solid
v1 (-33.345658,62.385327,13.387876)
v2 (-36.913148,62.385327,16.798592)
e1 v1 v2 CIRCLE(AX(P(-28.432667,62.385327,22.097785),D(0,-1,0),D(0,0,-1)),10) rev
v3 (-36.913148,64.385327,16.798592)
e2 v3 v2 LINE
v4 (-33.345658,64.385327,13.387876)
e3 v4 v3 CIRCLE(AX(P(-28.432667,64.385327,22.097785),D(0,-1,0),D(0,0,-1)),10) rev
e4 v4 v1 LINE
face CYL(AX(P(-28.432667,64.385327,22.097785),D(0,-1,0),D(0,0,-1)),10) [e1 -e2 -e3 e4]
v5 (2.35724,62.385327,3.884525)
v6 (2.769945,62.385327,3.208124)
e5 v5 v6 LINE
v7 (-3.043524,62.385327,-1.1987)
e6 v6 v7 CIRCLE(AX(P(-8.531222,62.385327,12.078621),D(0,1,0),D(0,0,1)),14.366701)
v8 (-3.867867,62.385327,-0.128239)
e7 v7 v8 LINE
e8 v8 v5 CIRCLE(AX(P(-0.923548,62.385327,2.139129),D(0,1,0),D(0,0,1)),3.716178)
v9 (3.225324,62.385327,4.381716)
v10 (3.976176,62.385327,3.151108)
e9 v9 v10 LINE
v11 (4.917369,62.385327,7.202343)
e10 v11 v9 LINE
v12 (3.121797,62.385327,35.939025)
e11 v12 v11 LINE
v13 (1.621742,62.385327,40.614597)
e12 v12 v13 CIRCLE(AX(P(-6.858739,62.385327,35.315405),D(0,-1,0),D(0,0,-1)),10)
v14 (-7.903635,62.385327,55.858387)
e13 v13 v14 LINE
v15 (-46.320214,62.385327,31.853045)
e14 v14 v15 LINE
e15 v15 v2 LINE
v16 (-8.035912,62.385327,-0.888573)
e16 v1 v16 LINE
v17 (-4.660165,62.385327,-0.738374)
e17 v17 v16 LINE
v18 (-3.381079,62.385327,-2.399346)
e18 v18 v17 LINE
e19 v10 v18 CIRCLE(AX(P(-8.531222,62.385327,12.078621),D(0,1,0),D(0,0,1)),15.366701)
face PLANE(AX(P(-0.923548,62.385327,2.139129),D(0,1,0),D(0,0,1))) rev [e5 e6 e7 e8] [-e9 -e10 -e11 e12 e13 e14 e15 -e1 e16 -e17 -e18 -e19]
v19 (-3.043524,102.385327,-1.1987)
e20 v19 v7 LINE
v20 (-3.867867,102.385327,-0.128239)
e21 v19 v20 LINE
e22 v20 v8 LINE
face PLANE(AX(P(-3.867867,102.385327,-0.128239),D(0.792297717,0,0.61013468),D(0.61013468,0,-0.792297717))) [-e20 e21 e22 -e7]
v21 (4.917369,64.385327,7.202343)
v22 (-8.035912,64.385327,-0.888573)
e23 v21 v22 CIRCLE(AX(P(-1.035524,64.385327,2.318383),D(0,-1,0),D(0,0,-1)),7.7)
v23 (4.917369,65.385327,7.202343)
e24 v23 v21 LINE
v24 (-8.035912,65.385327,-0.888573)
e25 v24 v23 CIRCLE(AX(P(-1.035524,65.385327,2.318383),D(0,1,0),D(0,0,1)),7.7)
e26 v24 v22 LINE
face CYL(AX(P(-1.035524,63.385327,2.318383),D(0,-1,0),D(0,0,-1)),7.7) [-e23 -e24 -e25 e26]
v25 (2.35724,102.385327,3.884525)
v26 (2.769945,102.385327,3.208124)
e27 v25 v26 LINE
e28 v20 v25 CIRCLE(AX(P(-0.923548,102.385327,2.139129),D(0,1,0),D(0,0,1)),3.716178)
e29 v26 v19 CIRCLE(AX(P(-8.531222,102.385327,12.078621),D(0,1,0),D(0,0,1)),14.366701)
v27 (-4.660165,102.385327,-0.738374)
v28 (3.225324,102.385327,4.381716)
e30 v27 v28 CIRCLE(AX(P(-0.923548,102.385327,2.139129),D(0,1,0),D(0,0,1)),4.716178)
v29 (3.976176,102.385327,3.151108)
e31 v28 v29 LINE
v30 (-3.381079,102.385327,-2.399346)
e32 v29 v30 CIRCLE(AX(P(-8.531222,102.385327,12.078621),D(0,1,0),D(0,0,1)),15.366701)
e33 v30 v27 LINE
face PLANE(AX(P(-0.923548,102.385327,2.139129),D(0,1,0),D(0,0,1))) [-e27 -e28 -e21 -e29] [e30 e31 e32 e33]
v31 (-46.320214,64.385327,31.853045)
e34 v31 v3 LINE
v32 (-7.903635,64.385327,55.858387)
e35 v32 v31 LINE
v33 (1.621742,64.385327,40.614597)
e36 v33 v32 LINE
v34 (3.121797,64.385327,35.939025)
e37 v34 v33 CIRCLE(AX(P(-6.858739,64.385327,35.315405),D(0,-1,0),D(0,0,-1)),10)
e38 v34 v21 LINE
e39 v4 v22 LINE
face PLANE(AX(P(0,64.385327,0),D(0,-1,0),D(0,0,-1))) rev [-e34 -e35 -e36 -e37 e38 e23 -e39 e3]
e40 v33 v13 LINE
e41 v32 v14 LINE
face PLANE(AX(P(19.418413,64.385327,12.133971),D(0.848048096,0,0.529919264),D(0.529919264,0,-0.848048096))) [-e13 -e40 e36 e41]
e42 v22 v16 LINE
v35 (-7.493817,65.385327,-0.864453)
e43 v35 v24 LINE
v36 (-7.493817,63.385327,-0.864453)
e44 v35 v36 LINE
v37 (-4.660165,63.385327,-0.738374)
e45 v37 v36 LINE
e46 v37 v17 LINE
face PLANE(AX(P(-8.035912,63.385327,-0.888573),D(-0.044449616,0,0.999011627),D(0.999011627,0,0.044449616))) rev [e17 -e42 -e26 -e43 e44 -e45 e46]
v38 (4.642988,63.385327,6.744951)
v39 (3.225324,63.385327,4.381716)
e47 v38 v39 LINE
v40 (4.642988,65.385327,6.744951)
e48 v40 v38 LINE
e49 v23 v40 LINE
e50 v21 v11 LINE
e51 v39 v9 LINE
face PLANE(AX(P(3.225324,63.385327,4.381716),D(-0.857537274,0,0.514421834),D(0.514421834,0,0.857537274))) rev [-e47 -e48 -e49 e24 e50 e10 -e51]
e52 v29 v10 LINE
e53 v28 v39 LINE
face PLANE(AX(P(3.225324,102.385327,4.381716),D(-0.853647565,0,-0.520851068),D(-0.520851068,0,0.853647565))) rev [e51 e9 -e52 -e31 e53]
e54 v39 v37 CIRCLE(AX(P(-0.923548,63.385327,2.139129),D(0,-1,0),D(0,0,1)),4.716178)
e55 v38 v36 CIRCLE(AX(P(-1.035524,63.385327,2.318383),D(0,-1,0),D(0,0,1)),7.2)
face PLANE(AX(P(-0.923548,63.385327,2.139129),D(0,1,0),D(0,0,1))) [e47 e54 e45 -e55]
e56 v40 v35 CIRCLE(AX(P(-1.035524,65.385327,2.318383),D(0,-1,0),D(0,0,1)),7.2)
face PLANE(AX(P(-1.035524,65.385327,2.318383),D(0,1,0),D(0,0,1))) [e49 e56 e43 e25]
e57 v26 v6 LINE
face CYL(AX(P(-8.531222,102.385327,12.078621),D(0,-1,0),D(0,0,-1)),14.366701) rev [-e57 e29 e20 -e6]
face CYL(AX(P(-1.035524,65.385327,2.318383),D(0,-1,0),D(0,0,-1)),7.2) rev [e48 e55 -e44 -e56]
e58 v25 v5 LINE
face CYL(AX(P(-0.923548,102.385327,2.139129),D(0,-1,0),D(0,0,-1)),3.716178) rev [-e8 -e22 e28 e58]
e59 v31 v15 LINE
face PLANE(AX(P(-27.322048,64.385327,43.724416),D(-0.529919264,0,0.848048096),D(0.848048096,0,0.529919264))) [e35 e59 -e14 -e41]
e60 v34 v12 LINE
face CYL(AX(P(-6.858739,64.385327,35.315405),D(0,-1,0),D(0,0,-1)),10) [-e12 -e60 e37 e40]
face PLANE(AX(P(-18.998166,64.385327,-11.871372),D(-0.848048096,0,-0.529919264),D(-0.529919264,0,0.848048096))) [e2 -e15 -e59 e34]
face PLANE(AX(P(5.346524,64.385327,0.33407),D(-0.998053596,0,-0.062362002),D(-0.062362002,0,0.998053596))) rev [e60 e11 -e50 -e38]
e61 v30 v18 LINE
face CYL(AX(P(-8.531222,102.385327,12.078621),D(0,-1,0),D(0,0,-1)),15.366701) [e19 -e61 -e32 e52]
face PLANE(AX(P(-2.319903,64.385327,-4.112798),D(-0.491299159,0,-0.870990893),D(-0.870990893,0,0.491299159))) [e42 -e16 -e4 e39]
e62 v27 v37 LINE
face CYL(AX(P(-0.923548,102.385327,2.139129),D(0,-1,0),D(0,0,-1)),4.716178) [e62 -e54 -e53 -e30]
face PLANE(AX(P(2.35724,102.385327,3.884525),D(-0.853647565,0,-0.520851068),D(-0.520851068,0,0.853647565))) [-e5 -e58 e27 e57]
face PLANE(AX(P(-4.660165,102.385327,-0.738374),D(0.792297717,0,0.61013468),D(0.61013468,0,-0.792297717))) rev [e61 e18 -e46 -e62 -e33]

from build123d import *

# Parameters (mm, degrees)
SALIENTE_EXTRUIR3_DEPTH = 1
SALIENTE_EXTRUIR4_DEPTH = 2
SALIENTE_EXTRUIR5_DEPTH = 40
SALIENTE_EXTRUIR6_DEPTH = 2


with BuildPart() as part:
    # Croquis3 → Saliente-Extruir3 (new body)
    with BuildSketch(Plane(origin=(0, 62.385327456, 0), x_dir=(1, 0, 0), z_dir=(0, 1, 0))):
        with BuildLine():
            Line((-8.035911824, 0.88857317), (-4.660164738, 0.738374056))
            ThreePointArc((-4.660164738, 0.738374056), (-3.491878014, -6.094633439), (3.225323709, -4.38171595))
            Line((3.225323709, -4.38171595), (4.917369229, -7.202342932))
            ThreePointArc((4.917369229, -7.202342932), (-5.114744648, -8.849076594), (-8.035911824, 0.88857317))
        make_face()
    extrude(amount=SALIENTE_EXTRUIR3_DEPTH)

    # Croquis4 → Saliente-Extruir4 (add)
    with BuildSketch(Plane(origin=(0, 63.385327456, 0), x_dir=(1, 0, 0), z_dir=(0, 1, 0))):
        with BuildLine():
            Line((4.917369229, -7.202342932), (4.642987805, -6.74495119))
            ThreePointArc((4.642987805, -6.74495119), (-4.860151229, -8.418565495), (-7.493817117, 0.864453429))
            Line((-7.493817117, 0.864453429), (-8.035911824, 0.88857317))
            ThreePointArc((-8.035911824, 0.88857317), (-5.114744648, -8.849076594), (4.917369229, -7.202342932))
        make_face()
    extrude(amount=SALIENTE_EXTRUIR4_DEPTH)

    # Croquis1 → Saliente-Extruir5 (add)
    with BuildSketch(Plane(origin=(0, 62.385327456, 0), x_dir=(1, 0, 0), z_dir=(0, 1, 0))):
        with BuildLine():
            Line((-4.660164738, 0.738374056), (-3.38107943, 2.399345645))
            ThreePointArc((-3.38107943, 2.399345645), (0.723456308, 0.1886696), (3.976176138, -3.151108223))
            Line((3.976176138, -3.151108223), (3.225323709, -4.38171595))
            ThreePointArc((3.225323709, -4.38171595), (-3.491878014, -6.094633439), (-4.660164738, 0.738374056))
        make_face()
        with BuildLine():
            Line((-3.867867022, 0.128239376), (-3.043523867, 1.19870008))
            ThreePointArc((-3.043523867, 1.19870008), (0.147575108, -0.629578738), (2.769944661, -3.208123684))
            Line((2.769944661, -3.208123684), (2.357240199, -3.884524638))
            ThreePointArc((2.357240199, -3.884524638), (-2.936970885, -5.262605721), (-3.867867022, 0.128239376))
        make_face(mode=Mode.SUBTRACT)
    extrude(amount=SALIENTE_EXTRUIR5_DEPTH)

    # Croquis8 → Saliente-Extruir6 (add)
    with BuildSketch(Plane.XZ.offset(-62.385327456)):
        with BuildLine():
            ThreePointArc((3.121797308, 35.939024727), (2.663211319, 38.370313658), (1.621742308, 40.614597347))
            Line((1.621742308, 40.614597347), (-7.903634902, 55.858387398))
            Line((-7.903634902, 55.858387398), (-46.320213658, 31.853044728))
            Line((-46.320213658, 31.853044728), (-36.913147682, 16.798592231))
            ThreePointArc((-36.913147682, 16.798592231), (-35.343131478, 14.869681606), (-33.345658311, 13.38787594))
            Line((-33.345658311, 13.38787594), (-8.035911824, -0.88857317))
            ThreePointArc((-8.035911824, -0.88857317), (-5.114744648, 8.849076594), (4.917369229, 7.202342932))
            Line((4.917369229, 7.202342932), (3.121797308, 35.939024727))
        make_face()
    extrude(amount=-SALIENTE_EXTRUIR6_DEPTH)


solid = part.part
